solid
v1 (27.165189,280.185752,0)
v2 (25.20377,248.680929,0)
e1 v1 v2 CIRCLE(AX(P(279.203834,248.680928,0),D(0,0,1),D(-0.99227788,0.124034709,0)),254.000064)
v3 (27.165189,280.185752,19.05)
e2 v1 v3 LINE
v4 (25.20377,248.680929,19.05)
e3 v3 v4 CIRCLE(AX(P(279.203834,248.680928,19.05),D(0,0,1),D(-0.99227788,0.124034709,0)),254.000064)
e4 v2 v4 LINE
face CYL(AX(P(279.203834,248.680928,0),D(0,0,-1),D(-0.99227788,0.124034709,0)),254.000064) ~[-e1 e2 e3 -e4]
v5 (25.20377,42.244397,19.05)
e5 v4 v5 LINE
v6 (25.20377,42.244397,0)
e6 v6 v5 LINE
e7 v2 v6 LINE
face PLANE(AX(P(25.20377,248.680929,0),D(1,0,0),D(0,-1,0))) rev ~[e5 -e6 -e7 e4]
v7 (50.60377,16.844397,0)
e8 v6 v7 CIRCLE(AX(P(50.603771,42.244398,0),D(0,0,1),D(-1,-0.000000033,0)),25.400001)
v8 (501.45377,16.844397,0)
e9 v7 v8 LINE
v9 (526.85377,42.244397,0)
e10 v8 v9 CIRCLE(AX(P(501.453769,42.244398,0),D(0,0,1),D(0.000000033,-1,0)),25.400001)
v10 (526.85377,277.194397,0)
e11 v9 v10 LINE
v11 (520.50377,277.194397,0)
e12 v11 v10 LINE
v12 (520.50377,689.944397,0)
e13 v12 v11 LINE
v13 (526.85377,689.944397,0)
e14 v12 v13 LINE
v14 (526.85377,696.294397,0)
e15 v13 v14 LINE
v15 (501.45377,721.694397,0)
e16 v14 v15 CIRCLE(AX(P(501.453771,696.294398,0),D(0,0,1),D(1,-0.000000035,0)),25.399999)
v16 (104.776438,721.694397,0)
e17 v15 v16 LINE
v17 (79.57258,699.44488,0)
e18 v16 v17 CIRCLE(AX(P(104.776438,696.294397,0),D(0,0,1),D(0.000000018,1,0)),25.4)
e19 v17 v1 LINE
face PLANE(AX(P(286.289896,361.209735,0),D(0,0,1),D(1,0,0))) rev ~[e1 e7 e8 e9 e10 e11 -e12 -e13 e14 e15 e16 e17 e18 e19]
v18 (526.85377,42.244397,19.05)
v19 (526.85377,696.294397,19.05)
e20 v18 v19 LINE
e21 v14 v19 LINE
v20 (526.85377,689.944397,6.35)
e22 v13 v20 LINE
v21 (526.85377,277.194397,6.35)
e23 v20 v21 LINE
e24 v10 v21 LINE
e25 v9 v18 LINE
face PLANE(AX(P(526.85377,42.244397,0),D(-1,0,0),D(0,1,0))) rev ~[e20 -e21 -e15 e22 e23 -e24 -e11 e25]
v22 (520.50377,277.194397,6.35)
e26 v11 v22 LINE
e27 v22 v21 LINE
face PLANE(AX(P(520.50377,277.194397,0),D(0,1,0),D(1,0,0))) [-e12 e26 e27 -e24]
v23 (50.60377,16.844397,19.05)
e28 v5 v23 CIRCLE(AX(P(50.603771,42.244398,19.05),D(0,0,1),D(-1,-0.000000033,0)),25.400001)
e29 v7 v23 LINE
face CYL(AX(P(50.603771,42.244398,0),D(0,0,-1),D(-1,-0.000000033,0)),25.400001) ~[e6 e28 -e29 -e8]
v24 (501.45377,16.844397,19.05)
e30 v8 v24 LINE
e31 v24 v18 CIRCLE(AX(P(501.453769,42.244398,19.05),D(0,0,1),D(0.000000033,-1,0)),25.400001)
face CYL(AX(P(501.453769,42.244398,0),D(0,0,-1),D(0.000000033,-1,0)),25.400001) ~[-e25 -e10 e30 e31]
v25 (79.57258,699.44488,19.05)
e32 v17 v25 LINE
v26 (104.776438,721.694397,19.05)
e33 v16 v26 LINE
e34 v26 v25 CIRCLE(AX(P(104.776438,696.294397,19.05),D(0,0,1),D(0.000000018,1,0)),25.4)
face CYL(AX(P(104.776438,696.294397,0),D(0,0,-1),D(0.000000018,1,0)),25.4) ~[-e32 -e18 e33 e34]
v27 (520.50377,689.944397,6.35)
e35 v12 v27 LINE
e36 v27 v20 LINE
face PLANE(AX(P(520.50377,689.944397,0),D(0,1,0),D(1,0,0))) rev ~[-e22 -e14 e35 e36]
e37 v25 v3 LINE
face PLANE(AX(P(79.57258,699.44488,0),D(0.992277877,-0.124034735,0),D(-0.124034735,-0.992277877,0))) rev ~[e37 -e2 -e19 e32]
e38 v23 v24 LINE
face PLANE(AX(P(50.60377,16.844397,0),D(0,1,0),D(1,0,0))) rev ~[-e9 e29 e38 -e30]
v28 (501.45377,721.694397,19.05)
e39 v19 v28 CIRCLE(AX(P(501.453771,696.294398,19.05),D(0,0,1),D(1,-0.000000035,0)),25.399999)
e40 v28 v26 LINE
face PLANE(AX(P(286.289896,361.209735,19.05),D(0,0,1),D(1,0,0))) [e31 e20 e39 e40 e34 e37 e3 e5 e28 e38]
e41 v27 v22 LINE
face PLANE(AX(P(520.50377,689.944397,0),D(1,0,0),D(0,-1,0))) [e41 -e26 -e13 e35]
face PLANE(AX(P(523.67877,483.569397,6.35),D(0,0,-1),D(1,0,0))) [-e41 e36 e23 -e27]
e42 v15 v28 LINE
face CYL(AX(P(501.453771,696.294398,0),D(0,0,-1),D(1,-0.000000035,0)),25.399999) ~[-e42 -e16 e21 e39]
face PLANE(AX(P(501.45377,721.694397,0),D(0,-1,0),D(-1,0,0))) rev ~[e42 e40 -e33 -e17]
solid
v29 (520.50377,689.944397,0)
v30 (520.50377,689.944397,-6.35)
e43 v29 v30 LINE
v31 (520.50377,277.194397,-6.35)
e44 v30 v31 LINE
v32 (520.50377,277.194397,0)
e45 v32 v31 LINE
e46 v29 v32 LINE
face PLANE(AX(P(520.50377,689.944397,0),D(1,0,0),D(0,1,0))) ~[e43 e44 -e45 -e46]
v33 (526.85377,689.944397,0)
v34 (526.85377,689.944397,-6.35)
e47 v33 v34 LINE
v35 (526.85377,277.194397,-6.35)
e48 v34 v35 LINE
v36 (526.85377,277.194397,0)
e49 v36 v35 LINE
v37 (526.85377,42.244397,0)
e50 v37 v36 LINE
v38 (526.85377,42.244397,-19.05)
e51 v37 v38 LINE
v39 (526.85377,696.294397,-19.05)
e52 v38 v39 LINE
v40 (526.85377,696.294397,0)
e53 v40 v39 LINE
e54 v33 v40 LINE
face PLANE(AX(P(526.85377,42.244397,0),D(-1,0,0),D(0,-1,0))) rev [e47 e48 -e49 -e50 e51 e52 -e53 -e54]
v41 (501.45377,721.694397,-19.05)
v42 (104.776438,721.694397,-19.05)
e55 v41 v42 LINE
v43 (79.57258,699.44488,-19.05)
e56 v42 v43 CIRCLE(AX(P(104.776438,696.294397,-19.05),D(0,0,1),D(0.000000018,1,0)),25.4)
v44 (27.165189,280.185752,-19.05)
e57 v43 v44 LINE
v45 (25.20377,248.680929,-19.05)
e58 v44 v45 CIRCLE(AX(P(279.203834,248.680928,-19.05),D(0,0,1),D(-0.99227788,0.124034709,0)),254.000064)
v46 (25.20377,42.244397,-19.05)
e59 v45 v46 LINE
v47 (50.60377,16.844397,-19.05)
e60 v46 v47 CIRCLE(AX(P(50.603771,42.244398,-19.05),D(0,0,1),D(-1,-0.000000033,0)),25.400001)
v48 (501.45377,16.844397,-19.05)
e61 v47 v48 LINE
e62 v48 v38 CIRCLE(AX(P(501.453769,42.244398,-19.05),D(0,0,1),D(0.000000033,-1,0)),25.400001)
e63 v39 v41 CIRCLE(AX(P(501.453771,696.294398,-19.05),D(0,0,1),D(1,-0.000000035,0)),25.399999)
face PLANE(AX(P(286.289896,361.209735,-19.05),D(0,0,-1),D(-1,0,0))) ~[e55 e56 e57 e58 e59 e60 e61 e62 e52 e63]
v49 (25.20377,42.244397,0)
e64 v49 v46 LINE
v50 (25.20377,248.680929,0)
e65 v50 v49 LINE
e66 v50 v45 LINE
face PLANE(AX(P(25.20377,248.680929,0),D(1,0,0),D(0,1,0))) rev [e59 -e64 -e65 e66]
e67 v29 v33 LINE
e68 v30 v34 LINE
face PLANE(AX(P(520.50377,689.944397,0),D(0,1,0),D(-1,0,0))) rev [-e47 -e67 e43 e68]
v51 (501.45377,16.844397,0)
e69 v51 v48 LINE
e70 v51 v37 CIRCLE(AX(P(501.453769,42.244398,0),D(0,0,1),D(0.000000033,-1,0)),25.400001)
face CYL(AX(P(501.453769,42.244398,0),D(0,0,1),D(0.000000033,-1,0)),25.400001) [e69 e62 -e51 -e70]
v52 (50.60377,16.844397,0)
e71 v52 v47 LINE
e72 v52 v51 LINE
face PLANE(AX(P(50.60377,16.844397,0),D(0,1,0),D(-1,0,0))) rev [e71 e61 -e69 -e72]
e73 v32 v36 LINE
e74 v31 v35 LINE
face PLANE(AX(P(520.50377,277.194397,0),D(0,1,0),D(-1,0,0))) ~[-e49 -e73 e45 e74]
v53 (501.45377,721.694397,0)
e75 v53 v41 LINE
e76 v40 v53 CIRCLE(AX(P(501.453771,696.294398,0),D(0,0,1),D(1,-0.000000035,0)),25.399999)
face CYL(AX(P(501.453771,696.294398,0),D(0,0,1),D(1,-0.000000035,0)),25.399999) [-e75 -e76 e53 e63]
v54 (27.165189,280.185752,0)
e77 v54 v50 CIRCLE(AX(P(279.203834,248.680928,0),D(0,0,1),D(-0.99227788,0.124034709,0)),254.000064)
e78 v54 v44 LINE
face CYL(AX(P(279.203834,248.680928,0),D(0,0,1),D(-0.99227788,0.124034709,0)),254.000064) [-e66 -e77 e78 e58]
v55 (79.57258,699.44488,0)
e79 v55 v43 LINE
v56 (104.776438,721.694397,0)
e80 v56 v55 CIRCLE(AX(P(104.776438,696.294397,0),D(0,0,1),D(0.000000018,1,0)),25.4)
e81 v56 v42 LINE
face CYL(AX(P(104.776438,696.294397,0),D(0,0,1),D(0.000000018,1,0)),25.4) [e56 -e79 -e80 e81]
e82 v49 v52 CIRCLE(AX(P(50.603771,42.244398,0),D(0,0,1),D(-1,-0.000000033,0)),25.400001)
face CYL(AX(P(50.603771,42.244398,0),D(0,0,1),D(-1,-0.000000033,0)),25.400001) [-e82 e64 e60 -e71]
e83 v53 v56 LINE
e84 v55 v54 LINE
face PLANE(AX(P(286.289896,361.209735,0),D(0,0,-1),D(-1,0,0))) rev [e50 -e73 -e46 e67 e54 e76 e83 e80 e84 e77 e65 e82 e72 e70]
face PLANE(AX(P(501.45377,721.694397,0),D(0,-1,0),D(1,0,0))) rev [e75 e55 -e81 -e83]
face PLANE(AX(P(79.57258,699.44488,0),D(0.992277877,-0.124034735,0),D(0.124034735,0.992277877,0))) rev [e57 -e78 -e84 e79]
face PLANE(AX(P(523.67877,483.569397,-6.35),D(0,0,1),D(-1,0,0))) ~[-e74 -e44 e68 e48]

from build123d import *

# Parameters (mm, degrees)
F1_DEPTH = 19.05
F2_W     = 6.35
F2_H     = 412.75
F3_DEPTH = 6.35


with BuildPart() as f1:
    # F0 (on Top) → F1 (new body)
    with BuildSketch(Plane.XY):
        with BuildLine():
            ThreePointArc((25.20377, 42.244397), (32.643258, 24.283885), (50.60377, 16.844397))
            Line((50.60377, 16.844397), (501.45377, 16.844397))
            ThreePointArc((501.45377, 16.844397), (519.414282, 24.283885), (526.85377, 42.244397))
            Line((526.85377, 42.244397), (526.85377, 696.294397))
            ThreePointArc((526.85377, 696.294397), (519.414282, 714.25491), (501.45377, 721.694397))
            Line((501.45377, 721.694397), (104.776438, 721.694397))
            ThreePointArc((104.776438, 721.694397), (87.966653, 715.336223), (79.57258, 699.44488))
            Line((79.57258, 699.44488), (27.165189, 280.185752))
            ThreePointArc((27.165189, 280.185752), (25.694599, 264.463839), (25.20377, 248.680929))
            Line((25.20377, 248.680929), (25.20377, 42.244397))
        make_face()
    extrude(amount=F1_DEPTH)

    # F2 (on face) → F3 (cut)
    with BuildSketch(Plane(origin=(0, 0, 0), x_dir=(1, 0, 0), z_dir=(0, 0, -1))):
        with Locations((523.67877, -483.569397)):
            Rectangle(F2_W, F2_H)
    extrude(amount=-F3_DEPTH, mode=Mode.SUBTRACT)


with BuildPart() as f4_1:
    # F4: instance of F1
    add(f1.part.mirror(Plane.XY))


solid = Compound([f1.part, f4_1.part])
